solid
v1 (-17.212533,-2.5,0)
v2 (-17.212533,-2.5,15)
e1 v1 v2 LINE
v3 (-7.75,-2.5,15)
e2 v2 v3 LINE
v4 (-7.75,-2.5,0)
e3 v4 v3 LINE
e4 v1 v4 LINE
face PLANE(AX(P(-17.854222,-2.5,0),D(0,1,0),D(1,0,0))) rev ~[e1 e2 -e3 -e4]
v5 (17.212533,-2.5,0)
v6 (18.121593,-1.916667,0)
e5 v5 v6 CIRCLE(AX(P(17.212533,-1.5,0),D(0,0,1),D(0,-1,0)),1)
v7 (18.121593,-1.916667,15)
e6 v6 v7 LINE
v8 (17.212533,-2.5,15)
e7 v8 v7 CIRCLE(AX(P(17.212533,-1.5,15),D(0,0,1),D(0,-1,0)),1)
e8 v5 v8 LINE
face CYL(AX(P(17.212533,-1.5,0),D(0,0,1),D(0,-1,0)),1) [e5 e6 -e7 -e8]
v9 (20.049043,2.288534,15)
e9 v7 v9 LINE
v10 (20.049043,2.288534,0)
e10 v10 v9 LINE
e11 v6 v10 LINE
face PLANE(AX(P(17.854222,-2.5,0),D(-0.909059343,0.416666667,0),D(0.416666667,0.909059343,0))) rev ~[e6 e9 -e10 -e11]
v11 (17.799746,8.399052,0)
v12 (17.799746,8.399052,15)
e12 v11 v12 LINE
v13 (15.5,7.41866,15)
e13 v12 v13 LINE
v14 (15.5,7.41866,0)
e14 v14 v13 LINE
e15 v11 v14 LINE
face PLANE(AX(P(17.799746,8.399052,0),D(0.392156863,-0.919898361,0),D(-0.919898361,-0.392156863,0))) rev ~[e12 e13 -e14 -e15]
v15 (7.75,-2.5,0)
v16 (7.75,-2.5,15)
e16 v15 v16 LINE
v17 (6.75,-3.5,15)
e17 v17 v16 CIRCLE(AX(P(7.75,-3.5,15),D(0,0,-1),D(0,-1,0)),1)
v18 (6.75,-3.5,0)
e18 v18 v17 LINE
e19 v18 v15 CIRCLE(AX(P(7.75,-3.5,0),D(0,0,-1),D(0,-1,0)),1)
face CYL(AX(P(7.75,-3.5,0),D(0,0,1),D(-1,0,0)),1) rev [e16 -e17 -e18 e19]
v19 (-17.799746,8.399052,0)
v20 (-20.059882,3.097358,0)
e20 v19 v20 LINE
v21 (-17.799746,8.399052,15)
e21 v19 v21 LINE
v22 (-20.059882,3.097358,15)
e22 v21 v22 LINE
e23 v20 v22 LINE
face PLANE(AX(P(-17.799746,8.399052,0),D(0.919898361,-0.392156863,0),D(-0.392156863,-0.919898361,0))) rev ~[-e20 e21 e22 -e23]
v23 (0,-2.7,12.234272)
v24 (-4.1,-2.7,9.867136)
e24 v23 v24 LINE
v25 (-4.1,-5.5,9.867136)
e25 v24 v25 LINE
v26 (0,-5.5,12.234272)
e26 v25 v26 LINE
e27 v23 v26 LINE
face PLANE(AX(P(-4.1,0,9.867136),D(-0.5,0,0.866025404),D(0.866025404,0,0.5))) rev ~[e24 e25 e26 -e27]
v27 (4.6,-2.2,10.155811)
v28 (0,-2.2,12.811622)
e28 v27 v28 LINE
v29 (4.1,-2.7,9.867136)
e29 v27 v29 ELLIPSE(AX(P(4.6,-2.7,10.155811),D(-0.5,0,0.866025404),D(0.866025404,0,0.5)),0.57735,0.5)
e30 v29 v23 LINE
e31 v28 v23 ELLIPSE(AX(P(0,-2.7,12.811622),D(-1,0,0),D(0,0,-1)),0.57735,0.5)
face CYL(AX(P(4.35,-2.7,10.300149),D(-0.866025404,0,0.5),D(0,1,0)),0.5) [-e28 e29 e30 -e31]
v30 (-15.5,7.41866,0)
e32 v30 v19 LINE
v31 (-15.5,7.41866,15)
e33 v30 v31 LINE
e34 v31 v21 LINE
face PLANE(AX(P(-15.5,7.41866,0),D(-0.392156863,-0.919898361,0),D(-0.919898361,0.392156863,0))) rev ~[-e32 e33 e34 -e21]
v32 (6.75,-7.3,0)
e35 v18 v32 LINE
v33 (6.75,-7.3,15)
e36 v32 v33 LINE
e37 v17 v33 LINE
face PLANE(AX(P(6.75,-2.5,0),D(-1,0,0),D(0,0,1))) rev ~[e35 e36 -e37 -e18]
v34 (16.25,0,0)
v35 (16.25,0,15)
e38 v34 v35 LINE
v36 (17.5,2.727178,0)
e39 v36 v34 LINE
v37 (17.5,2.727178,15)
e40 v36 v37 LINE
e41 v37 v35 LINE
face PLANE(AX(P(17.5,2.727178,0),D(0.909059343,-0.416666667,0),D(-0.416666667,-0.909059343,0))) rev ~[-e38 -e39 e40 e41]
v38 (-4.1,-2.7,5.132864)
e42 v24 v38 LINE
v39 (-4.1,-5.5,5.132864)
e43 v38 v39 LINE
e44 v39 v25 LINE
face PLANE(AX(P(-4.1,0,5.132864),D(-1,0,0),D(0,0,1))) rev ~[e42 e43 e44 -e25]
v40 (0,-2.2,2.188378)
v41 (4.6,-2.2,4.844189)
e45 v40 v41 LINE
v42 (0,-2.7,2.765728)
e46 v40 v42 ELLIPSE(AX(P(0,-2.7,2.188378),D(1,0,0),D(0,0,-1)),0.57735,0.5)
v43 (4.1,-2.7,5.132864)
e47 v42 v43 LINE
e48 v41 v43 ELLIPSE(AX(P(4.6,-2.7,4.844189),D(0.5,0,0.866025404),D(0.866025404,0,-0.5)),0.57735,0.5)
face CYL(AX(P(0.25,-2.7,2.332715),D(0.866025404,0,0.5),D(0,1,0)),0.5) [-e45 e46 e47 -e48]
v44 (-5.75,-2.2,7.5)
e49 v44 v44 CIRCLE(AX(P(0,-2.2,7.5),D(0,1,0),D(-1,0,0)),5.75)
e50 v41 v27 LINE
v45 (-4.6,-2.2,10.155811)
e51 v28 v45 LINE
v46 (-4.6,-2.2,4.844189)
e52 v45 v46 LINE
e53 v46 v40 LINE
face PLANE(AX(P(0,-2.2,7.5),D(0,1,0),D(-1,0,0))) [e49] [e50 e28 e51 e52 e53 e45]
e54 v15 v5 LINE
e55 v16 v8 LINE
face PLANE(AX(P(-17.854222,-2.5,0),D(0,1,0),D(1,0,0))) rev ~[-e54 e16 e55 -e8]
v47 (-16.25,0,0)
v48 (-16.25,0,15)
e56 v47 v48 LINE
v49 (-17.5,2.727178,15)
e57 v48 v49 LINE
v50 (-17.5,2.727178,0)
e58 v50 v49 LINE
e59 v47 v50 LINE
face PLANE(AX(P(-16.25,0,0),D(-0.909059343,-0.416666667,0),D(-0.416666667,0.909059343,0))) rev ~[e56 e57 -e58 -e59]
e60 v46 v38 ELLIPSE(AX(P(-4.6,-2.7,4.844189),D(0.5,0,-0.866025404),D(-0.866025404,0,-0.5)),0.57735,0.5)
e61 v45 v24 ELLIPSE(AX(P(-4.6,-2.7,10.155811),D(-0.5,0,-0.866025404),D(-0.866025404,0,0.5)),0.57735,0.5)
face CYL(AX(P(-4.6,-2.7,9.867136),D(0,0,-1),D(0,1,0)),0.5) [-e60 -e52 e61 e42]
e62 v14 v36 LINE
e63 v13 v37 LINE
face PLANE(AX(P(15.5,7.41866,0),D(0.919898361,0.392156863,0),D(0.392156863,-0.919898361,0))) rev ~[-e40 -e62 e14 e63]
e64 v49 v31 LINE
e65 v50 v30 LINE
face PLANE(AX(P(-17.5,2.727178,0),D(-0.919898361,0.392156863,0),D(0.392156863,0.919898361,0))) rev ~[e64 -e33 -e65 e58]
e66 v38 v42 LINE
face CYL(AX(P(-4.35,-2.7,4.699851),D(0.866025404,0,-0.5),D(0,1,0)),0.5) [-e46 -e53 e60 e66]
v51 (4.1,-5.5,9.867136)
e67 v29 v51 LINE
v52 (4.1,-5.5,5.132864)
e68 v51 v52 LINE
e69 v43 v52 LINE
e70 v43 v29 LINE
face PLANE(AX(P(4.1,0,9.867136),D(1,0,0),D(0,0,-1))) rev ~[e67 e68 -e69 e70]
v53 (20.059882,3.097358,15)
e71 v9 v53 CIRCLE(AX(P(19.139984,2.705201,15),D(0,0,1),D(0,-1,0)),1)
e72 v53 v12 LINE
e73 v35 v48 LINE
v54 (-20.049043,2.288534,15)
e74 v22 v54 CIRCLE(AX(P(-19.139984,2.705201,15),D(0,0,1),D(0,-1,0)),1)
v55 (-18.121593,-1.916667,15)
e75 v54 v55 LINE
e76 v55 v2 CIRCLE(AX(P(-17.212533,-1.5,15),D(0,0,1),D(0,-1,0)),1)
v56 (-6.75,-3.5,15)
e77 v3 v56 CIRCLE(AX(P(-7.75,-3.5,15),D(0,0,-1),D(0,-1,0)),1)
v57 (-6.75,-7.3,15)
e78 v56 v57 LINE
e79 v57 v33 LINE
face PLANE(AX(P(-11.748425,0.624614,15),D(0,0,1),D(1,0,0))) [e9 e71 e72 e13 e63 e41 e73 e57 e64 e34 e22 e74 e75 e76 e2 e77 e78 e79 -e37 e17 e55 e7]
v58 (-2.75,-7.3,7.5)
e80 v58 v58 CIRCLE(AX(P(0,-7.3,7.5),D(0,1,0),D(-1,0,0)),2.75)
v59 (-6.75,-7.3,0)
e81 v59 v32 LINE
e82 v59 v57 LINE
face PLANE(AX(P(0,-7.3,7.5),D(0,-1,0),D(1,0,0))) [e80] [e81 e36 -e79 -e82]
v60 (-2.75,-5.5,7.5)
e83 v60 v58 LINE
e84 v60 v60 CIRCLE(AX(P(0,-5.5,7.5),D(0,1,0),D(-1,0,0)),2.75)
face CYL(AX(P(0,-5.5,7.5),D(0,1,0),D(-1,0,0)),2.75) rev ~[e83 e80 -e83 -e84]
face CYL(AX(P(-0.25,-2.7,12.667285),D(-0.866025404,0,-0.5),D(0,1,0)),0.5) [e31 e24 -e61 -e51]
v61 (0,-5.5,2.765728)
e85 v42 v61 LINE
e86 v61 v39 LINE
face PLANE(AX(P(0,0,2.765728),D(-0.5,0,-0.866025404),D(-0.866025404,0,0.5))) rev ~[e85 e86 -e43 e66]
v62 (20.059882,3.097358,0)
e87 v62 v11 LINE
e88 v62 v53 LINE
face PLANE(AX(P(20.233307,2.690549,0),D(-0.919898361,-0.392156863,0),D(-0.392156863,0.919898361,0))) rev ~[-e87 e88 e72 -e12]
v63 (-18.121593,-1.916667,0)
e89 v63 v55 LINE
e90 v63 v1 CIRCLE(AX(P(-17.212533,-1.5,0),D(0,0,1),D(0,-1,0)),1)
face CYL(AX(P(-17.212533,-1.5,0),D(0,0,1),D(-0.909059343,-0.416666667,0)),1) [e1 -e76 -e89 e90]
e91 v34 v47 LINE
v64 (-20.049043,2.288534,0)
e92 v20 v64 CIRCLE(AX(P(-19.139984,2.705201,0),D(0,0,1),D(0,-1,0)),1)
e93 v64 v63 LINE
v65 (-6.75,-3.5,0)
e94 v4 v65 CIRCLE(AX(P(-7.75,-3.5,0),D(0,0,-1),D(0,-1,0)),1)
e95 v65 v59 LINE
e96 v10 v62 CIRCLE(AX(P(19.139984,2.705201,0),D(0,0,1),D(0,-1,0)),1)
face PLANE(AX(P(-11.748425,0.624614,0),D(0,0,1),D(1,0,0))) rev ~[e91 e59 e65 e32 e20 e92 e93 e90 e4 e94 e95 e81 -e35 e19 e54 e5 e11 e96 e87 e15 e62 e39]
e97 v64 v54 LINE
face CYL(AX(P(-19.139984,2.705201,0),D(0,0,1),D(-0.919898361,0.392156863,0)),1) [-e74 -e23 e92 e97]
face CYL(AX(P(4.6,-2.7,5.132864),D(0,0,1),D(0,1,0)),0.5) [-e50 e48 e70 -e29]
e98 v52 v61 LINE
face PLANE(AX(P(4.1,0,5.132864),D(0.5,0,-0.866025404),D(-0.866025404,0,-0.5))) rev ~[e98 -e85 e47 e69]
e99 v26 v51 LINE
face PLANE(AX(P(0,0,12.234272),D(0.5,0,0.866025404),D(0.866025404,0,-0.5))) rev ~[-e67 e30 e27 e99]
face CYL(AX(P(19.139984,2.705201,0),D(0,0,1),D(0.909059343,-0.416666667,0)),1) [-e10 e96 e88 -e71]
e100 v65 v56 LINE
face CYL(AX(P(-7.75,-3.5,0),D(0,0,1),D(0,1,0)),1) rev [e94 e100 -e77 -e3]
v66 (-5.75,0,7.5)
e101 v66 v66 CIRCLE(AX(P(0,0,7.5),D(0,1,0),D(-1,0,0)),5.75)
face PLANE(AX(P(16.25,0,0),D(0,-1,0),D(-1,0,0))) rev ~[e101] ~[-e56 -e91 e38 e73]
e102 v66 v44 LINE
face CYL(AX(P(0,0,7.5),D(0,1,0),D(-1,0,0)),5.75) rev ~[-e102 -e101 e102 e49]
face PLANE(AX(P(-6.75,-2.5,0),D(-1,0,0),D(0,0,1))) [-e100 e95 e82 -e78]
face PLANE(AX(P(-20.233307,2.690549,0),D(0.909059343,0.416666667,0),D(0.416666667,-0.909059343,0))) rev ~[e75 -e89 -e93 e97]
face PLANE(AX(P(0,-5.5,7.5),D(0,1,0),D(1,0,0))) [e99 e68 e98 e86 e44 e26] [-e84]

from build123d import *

# Parameters (mm, degrees)
BOSS_EXTRUDE1_DEPTH = 15
SKETCH4_W           = 13.5
SKETCH4_H           = 15
BOSS_EXTRUDE2_DEPTH = 4.8
CUT_EXTRUDE1_DEPTH  = 5.5
SKETCH6_R           = 5.75
CUT_EXTRUDE2_DEPTH  = 2.2
SKETCH7_R           = 2.75
CUT_EXTRUDE3_DEPTH  = 1.8
FILLET1_R           = 1
FILLET2_R           = 0.5


with BuildPart() as part:
    # Sketch1 → Boss-Extrude1 (new body)
    with BuildSketch(Plane.XY):
        Polygon((0, -2.5), (0, 0), (-16.25, 0), (-17.5, 2.727178029), (-15.5, 7.418659671), (-17.799745903, 8.399051828), (-20.233306637, 2.690549074), (-17.85422237, -2.5), align=None)
        Polygon((17.5, 2.727178029), (16.25, 0), (0, 0), (0, -2.5), (17.85422237, -2.5), (20.233306637, 2.690549074), (17.799745903, 8.399051828), (15.5, 7.418659671), align=None)
    extrude(amount=BOSS_EXTRUDE1_DEPTH)

    # Sketch4 → Boss-Extrude2 (add)
    with BuildSketch(Plane.XZ.offset(2.5)):
        with Locations((0, 7.5)):
            Rectangle(SKETCH4_W, SKETCH4_H)
    extrude(amount=BOSS_EXTRUDE2_DEPTH)

    # Sketch5 → Cut-Extrude1 (cut)
    with BuildSketch(Plane(origin=(0, 0, 0), x_dir=(1, 0, 0), z_dir=(0, 1, 0))):
        Polygon((-4.1, -9.867136104), (0, -12.234272207), (4.1, -9.867136104), (4.1, -5.132863896), (0, -2.765727793), (-4.1, -5.132863896), align=None)
    extrude(amount=-CUT_EXTRUDE1_DEPTH, mode=Mode.SUBTRACT)

    # Sketch6 → Cut-Extrude2 (cut)
    with BuildSketch(Plane(origin=(0, 0, 0), x_dir=(1, 0, 0), z_dir=(0, 1, 0))):
        with Locations(Location((0, -7.5, 0), (0, 0, 180))):
            Circle(SKETCH6_R)
    extrude(amount=-CUT_EXTRUDE2_DEPTH, mode=Mode.SUBTRACT)

    # Sketch7 → Cut-Extrude3 (cut)
    with BuildSketch(Plane(origin=(0, -5.5, 0), x_dir=(1, 0, 0), z_dir=(0, 1, 0))):
        with Locations(Location((0, -7.5, 0), (0, 0, 180))):
            Circle(SKETCH7_R)
    extrude(amount=-CUT_EXTRUDE3_DEPTH, mode=Mode.SUBTRACT)

    # Fillet1
    fillet1_edges = [part.edges().sort_by_distance(p)[0] for p in [
        (-17.85422237, -2.5, 7.5),
        (-20.233306637, 2.690549074, 7.5),
        (20.233306637, 2.690549074, 7.5),
        (17.85422237, -2.5, 7.5),
        (-6.75, -2.5, 7.5),
        (6.75, -2.5, 7.5),
    ]]
    fillet(fillet1_edges, radius=FILLET1_R)

    # Fillet2
    fillet2_edges = [part.edges().sort_by_distance(p)[0] for p in [
        (-2.05, -2.2, 11.050704156),
        (-4.1, -2.2, 7.5),
        (-2.05, -2.2, 3.949295844),
        (2.05, -2.2, 3.949295844),
        (4.1, -2.2, 7.5),
        (2.05, -2.2, 11.050704156),
    ]]
    fillet(fillet2_edges, radius=FILLET2_R)


solid = part.part
